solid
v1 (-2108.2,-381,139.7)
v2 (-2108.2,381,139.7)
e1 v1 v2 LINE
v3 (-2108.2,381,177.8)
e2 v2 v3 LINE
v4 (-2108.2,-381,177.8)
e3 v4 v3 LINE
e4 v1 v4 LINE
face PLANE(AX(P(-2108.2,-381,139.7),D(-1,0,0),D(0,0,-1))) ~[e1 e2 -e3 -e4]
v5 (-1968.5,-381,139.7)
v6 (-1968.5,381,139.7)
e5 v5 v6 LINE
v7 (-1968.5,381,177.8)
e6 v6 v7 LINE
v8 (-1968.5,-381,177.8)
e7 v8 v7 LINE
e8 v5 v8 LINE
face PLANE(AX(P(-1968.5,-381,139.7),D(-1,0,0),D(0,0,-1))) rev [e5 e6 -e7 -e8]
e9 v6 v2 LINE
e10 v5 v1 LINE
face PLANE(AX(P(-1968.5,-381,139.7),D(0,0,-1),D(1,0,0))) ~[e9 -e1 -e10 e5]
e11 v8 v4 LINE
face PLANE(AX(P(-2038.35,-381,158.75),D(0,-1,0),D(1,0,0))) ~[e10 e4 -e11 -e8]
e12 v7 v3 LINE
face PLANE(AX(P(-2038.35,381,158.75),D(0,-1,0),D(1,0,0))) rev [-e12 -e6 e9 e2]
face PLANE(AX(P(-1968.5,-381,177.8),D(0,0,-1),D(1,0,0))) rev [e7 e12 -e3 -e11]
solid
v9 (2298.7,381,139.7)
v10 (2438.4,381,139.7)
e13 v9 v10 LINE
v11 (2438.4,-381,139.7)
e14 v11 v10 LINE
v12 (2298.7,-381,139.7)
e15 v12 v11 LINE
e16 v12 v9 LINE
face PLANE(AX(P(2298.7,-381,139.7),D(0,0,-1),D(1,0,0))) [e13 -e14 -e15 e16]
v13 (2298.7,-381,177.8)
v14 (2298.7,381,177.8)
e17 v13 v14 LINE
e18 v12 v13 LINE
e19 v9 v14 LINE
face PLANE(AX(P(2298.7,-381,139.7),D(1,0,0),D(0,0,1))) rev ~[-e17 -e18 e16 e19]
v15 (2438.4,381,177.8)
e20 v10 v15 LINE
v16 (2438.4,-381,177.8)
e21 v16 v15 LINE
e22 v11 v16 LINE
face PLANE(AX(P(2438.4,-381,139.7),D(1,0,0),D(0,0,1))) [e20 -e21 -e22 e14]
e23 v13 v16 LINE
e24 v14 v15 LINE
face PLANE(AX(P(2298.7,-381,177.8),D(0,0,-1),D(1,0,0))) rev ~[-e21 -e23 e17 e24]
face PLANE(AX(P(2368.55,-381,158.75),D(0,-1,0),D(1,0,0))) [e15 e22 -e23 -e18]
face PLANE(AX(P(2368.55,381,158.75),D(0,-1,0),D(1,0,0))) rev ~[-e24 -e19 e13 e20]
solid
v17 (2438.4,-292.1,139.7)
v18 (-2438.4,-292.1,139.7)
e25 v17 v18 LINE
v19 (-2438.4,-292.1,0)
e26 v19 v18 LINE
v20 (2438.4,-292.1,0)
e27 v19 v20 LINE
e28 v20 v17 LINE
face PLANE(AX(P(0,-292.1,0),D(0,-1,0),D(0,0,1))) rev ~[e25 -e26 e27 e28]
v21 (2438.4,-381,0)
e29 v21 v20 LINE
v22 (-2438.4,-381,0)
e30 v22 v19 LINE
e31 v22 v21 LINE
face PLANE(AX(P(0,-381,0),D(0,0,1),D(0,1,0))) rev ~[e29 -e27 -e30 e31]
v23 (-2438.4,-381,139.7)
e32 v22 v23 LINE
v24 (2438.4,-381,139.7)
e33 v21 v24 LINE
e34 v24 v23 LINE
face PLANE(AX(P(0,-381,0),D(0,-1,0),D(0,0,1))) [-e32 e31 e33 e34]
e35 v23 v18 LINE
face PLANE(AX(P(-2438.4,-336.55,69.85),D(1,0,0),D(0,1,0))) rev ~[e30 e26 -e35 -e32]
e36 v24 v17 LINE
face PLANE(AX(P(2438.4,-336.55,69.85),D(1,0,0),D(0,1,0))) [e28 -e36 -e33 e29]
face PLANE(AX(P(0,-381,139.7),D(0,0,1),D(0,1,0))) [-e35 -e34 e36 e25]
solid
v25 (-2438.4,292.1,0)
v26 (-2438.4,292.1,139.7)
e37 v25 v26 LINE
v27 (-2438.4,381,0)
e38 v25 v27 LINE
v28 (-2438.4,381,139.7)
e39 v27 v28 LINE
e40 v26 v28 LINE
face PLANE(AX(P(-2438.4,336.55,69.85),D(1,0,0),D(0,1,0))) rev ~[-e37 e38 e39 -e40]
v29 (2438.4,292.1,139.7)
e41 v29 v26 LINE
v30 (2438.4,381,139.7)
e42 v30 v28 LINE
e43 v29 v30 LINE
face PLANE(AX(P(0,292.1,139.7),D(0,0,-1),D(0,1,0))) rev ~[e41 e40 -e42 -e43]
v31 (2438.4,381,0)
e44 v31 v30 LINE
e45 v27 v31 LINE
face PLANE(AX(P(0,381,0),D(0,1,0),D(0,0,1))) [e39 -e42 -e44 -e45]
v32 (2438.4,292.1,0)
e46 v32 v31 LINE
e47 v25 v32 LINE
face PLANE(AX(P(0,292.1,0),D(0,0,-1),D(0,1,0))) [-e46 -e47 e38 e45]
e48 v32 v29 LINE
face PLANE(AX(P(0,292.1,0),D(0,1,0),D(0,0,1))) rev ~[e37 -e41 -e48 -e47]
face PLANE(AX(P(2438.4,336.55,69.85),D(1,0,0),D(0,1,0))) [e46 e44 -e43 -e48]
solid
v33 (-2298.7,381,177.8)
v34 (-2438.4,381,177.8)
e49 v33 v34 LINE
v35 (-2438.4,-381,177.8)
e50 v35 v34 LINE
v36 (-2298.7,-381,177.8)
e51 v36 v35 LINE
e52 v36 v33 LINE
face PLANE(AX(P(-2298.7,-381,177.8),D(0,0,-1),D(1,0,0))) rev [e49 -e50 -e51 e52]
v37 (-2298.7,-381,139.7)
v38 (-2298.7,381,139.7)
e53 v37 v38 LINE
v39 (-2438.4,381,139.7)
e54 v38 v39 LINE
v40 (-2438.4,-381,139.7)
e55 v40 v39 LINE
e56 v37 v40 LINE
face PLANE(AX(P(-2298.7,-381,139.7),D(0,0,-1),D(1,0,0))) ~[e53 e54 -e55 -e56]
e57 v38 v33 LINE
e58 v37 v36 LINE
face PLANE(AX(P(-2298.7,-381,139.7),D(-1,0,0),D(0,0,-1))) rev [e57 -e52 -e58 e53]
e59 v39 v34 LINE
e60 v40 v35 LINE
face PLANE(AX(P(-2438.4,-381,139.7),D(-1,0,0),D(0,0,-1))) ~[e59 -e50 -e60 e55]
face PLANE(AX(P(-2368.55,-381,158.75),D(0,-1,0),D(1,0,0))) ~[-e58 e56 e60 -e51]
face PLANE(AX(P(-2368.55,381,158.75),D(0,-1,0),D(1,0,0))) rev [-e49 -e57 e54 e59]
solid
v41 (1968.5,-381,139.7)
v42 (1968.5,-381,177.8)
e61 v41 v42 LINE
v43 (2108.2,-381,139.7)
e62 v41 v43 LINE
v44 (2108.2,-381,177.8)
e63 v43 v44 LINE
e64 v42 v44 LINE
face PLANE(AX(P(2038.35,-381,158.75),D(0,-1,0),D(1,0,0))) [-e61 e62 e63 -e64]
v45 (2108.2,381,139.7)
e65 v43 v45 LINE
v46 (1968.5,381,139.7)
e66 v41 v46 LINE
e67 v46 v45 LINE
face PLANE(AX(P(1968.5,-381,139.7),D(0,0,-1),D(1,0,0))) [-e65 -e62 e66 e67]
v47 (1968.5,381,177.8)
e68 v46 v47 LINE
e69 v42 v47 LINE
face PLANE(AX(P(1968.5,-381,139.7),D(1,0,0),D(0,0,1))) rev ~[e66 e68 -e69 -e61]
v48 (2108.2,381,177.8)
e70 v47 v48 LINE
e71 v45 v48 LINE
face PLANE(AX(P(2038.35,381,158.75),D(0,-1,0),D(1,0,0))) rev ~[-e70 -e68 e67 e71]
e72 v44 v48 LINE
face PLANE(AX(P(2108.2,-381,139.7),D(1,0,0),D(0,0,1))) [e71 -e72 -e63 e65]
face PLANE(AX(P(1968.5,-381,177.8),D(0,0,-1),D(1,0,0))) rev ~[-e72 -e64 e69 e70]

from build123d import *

# Parameters (mm, degrees)
F0_W     = 88.9
F0_H     = 139.7
F1_DEPTH = 2438.4
F2_W     = 139.7
F2_H     = 38.1
F3_DEPTH = 762


with BuildPart() as f1:
    # F0 (on Right) → F1 (new body, symmetric)
    with BuildSketch(Plane.YZ):
        with Locations((-336.55, 69.85)):
            Rectangle(F0_W, F0_H)
        with Locations((336.55, 69.85)):
            Rectangle(F0_W, F0_H)
    extrude(amount=F1_DEPTH, both=True)


with BuildPart() as f3:
    # F2 (on face) → F3 (new body)
    with BuildSketch(Plane.XZ.offset(381)):
        with Locations((2368.55, 158.75)):
            Rectangle(F2_W, F2_H)
        with Locations((2038.35, 158.75)):
            Rectangle(F2_W, F2_H)
    extrude(amount=-F3_DEPTH)


with BuildPart() as f4_1:
    # F4: instance of F3
    add(f3.part.mirror(Plane.YZ))


solid = Compound([f1.part, f3.part, f4_1.part])
